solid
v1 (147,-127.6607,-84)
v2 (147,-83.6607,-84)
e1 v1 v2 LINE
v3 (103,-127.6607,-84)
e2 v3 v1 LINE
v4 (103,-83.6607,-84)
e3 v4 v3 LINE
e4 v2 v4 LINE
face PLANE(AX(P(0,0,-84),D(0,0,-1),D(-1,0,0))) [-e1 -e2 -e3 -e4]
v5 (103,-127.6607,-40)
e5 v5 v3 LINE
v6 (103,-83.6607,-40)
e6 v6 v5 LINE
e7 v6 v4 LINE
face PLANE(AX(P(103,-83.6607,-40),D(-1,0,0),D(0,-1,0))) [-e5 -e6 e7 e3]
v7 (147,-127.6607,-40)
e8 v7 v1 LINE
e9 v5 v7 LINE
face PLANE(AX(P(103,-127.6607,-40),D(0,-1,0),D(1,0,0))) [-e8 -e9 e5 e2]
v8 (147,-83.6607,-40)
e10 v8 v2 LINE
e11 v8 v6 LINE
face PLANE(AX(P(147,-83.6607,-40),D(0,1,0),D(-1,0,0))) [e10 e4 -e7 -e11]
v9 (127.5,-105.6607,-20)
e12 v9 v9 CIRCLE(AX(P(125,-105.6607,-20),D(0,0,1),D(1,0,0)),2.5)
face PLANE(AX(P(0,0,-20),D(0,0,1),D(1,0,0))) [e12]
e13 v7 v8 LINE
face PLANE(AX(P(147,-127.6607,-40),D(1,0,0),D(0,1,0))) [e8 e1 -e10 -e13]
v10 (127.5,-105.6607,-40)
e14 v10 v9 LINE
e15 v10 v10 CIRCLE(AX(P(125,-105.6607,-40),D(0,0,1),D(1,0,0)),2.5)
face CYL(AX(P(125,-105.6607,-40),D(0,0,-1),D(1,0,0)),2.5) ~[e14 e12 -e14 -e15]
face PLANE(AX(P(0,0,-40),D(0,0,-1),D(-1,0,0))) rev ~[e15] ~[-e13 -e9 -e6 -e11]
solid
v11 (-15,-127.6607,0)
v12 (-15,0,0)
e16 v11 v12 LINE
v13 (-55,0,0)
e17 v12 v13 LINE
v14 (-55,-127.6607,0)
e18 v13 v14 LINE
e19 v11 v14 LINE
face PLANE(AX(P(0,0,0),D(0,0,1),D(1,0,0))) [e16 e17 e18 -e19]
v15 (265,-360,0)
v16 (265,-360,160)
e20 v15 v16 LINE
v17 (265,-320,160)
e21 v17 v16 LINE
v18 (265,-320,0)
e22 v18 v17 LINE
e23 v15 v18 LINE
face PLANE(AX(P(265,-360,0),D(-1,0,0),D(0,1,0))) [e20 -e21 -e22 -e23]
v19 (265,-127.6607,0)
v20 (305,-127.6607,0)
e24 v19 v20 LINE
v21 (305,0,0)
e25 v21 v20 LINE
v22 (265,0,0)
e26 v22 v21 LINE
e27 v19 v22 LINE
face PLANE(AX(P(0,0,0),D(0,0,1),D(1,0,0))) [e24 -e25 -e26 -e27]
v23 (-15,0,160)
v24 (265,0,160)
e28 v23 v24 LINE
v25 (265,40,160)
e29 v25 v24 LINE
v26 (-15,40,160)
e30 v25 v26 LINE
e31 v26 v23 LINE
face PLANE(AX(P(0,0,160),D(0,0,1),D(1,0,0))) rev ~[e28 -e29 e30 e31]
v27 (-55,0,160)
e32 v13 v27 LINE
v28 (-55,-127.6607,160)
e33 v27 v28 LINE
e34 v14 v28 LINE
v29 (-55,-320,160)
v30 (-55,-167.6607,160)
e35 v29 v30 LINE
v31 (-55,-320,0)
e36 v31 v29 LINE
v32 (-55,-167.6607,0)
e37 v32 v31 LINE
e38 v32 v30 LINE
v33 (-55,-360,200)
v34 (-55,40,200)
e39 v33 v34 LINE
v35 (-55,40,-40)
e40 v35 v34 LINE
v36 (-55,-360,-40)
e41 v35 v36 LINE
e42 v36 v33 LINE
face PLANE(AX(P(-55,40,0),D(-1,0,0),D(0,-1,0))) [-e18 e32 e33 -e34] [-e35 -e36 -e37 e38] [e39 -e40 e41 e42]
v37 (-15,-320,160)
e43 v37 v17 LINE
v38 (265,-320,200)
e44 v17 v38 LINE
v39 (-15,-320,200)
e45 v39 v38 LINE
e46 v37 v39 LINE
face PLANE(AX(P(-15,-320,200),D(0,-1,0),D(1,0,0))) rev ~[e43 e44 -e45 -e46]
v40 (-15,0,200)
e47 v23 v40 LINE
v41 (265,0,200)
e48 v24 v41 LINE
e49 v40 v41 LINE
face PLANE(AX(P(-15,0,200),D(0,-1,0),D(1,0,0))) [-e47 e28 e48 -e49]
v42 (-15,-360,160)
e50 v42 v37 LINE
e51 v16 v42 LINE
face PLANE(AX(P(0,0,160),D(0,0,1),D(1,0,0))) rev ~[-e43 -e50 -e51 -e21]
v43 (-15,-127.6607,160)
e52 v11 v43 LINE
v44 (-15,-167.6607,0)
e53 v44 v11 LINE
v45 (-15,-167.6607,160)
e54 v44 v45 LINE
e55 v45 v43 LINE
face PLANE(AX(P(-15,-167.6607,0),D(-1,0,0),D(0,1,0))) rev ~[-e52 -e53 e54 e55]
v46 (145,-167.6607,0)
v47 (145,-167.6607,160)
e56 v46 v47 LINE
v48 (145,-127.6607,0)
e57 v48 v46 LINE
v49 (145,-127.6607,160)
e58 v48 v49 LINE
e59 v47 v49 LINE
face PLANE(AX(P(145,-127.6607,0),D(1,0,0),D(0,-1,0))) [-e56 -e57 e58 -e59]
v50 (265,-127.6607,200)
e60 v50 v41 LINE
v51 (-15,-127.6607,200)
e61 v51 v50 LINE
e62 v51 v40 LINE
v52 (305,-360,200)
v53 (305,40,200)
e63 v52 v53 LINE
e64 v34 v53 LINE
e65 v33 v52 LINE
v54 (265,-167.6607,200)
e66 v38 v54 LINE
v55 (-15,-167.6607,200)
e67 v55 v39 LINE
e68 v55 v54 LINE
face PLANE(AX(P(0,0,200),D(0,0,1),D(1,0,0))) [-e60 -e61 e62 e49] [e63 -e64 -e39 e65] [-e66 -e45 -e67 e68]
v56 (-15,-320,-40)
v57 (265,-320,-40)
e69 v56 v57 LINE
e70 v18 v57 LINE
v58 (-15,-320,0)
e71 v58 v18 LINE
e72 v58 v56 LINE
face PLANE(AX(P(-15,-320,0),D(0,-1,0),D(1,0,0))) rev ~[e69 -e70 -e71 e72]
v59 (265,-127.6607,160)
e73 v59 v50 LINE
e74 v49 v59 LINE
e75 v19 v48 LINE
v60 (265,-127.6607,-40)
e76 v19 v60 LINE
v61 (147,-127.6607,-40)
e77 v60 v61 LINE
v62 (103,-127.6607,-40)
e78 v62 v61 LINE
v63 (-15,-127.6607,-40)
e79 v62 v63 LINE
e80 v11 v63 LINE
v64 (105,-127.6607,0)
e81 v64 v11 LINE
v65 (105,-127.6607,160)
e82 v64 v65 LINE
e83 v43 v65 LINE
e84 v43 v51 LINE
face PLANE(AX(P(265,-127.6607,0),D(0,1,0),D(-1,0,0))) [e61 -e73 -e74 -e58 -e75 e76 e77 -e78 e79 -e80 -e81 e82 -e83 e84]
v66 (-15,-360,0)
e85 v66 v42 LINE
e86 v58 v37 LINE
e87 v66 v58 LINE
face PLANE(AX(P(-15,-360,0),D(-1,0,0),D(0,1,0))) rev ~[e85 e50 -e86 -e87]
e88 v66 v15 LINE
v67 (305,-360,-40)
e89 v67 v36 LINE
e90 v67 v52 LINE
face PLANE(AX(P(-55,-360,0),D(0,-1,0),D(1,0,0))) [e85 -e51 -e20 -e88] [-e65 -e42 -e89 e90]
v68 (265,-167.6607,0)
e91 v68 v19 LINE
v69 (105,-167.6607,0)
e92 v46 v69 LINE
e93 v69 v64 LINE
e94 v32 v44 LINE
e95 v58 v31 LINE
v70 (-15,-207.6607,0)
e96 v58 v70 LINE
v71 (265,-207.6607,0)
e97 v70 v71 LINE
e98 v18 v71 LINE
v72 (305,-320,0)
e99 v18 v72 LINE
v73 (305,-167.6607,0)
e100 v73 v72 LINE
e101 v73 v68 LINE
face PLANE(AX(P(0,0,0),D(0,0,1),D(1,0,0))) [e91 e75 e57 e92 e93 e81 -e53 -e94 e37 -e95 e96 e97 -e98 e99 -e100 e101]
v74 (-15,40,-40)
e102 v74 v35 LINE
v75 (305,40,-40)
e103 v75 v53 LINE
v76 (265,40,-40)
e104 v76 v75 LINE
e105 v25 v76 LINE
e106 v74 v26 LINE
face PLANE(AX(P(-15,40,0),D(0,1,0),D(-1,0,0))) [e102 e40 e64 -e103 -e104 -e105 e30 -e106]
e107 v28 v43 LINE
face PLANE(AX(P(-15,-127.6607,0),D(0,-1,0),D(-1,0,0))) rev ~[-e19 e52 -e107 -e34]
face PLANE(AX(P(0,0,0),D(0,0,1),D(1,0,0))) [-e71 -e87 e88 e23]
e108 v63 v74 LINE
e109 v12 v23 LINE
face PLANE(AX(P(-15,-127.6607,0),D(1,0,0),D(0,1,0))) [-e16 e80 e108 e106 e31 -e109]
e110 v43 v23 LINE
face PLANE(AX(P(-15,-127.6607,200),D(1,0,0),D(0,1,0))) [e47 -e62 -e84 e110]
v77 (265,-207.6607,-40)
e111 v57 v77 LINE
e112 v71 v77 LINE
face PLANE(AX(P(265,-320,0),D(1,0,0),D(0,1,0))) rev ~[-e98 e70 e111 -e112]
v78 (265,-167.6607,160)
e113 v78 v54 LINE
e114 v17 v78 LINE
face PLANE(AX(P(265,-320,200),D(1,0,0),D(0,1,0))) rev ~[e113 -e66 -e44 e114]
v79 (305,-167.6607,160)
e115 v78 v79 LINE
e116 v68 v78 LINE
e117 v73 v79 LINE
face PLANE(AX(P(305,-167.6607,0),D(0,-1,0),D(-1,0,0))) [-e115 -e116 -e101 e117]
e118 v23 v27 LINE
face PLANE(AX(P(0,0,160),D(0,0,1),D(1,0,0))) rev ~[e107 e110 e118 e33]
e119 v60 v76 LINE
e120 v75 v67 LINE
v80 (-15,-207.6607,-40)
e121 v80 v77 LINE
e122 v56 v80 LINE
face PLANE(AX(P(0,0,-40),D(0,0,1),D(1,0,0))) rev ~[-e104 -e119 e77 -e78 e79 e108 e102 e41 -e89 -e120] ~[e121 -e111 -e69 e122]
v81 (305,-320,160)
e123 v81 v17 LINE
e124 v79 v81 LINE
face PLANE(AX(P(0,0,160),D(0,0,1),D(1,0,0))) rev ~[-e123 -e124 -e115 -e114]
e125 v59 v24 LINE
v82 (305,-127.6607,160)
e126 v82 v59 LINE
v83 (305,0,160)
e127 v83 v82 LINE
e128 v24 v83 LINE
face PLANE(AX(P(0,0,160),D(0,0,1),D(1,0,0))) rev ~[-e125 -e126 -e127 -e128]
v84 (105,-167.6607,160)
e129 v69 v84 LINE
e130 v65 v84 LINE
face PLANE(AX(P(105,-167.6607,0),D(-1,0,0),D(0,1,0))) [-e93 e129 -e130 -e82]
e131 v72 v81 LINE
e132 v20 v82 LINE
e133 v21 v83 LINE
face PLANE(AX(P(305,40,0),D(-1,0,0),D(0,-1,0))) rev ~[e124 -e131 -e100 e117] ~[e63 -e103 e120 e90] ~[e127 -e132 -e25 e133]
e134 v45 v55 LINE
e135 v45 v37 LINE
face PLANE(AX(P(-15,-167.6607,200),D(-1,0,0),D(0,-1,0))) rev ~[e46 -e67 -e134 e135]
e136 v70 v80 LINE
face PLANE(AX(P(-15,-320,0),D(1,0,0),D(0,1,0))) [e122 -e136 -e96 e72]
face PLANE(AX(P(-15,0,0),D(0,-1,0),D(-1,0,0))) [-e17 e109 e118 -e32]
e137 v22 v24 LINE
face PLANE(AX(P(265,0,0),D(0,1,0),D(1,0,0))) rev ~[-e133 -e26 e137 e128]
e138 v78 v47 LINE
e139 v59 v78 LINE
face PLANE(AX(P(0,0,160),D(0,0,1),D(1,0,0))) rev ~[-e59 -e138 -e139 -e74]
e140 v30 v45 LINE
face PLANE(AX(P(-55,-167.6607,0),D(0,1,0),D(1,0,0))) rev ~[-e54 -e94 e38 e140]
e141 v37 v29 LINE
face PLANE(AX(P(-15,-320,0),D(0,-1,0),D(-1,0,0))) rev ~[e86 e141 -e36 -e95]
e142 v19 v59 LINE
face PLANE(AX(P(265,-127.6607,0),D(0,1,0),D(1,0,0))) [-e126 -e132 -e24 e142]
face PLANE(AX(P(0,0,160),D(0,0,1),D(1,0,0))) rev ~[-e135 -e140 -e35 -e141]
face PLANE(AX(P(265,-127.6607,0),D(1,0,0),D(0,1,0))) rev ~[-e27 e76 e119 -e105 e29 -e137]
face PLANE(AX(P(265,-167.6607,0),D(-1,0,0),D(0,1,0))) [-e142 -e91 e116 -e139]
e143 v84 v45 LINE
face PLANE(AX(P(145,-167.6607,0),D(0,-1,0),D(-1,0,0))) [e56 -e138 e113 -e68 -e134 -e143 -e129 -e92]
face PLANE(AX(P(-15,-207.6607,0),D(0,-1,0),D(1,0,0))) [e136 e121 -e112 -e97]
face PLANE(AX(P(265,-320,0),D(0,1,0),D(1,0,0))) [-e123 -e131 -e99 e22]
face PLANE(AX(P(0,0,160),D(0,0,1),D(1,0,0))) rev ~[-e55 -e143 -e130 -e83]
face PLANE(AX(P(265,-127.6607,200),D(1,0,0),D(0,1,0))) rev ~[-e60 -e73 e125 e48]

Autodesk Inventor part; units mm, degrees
ref_plane "YZ Plane" through (0, 0, 0) normal (1, 0, 0) x (0, 1, 0)
ref_plane "XZ Plane" through (0, 0, 0) normal (0, 1, 0) x (-1, 0, 0)
ref_plane "XY Plane" through (0, 0, 0) normal (0, 0, 1) x (1, 0, 0)
sketch "Sketch1" plane through (0, 0, 0) normal (0, 0, 1) x (1, 0, 0)
  line L0 (250, 0) -> (0, 0) projected
  line L1 (250, 0) -> (250, 40) projected
  line L2 (211.5, 40) -> (250, 40) projected
  line L3 (161.5, 40) -> (211.5, 40) projected
  line L4 (88.5, 40) -> (161.5, 40) projected
  line L5 (38.5, 40) -> (88.5, 40) projected
  line L6 (0, 40) -> (38.5, 40) projected
  line L7 (0, 0) -> (0, 40) projected
  line L8 (-15, 40) -> (-55, 40)
  line L9 (-55, 40) -> (-55, -360)
  line L10 (-55, -360) -> (-15, -360)
  line L11 (-15, -360) -> (-15, 40)
  line L12 (265, 40) -> (305, 40)
  line L13 (305, 40) -> (305, -360)
  line L14 (305, -360) -> (265, -360)
  line L15 (265, -360) -> (265, 40)
  line L16 (265, -360) -> (-15, -360)
  line L17 (-15, -360) -> (-15, -320)
  line L18 (-15, -320) -> (265, -320)
  line L19 (265, -320) -> (265, -360)
  line L20 (265, -127.6607) -> (-15, -127.6607)
  line L21 (-15, -127.6607) -> (-15, -207.6607)
  line L22 (-15, -207.6607) -> (265, -207.6607)
  line L23 (265, -207.6607) -> (265, -127.6607)
  dimension "d0" = 40
  dimension "d1" = 400
  dimension "d2" = 40
  dimension "d3" = 400
  dimension "d4" = 15
  dimension "d5" = 15
  dimension "d6" = 40
  dimension "d9" = 80
extrude "Extrusion1" add sketch "Sketch1" against normal blind 40 contours L11 L10 L9 L8 | L20 L15 L22 L11 | L15 L12 L13 L14 | L11 L18 L15 L16
sketch "Sketch2" plane through (0, 0, -40) normal (0, 0, -1) x (-1, 0, 0)
  line L0 (-265, -207.6607) -> (15, -207.6607) projected
  line L1 (15, -207.6607) -> (15, -320) projected
  line L2 (15, -320) -> (-265, -320) projected
  line L3 (-265, -320) -> (-265, -207.6607) projected
  line L4 (-265, -127.6607) -> (-265, 40) projected
  line L5 (-265, 40) -> (-305, 40) projected
  line L6 (-305, 40) -> (-305, -360) projected
  line L7 (-305, -360) -> (55, -360) projected
  line L8 (55, -360) -> (55, 40) projected
  line L9 (55, 40) -> (15, 40) projected
  line L10 (15, 40) -> (15, -127.6607) projected
  line L11 (15, -127.6607) -> (-265, -127.6607) projected
  line L12 (-103, -127.6607) -> (-147, -127.6607)
  line L13 (-147, -127.6607) -> (-147, -83.6607)
  line L14 (-147, -83.6607) -> (-103, -83.6607)
  line L15 (-103, -83.6607) -> (-103, -127.6607)
  point P0 (0, 0)
  dimension "d10" = 44
  dimension "d11" = 44
  dimension "d12" = 118
  dimension "d13" = 118
extrude "Extrusion2" add sketch "Sketch2" along normal blind 44 contours L13 L14 L15 L11
sketch "Sketch3" plane through (0, 0, -40) normal (0, 0, 1) x (1, 0, 0)
  line L0 (103, -127.6607) -> (103, -83.6607) projected
  line L1 (103, -127.6607) -> (147, -127.6607) projected
  line L2 (147, -83.6607) -> (147, -127.6607) projected
  line L3 (103, -83.6607) -> (147, -83.6607) projected
  circle A0 centre (125, -105.6607) radius 2.5
  point P0 (0, 0)
  dimension "d16" = 5
extrude "Extrusion3" add sketch "Sketch3" along normal blind 20 contours A0
sketch "Sketch4" plane through (0, 0, 0) normal (0, 0, 1) x (1, 0, 0)
  line L0 (147, -127.6607) -> (265, -127.6607) projected
  line L1 (103, -127.6607) -> (147, -127.6607) projected
  line L2 (125, -127.6607) -> (125, -147.6607)
  line L3 (105, -127.6607) -> (145, -127.6607)
  line L4 (145, -127.6607) -> (145, -167.6607)
  line L5 (145, -167.6607) -> (105, -167.6607)
  line L6 (105, -167.6607) -> (105, -127.6607)
  line L7 (105, -127.6607) -> (145, -167.6607) construction
  line L8 (145, -127.6607) -> (105, -167.6607) construction
  line L9 (305, -360) -> (-55, -360) projected
  line L10 (-15, -320) -> (265, -320) projected
  line L11 (305, -360) -> (265, -360)
  line L12 (265, -360) -> (265, -320)
  line L13 (265, -320) -> (305, -320)
  line L14 (305, -320) -> (305, -360)
  line L15 (-15, -207.6607) -> (-15, -320) projected
  line L16 (-55, -360) -> (-15, -360)
  line L17 (-15, -360) -> (-15, -320)
  line L18 (-15, -320) -> (-55, -320)
  line L19 (-55, -320) -> (-55, -360)
  line L20 (305, -360) -> (305, 40) projected
  line L21 (265, -127.6607) -> (305, -127.6607)
  line L22 (305, -127.6607) -> (305, -167.6607)
  line L23 (305, -167.6607) -> (265, -167.6607)
  line L24 (265, -167.6607) -> (265, -127.6607)
  line L25 (-15, 40) -> (-15, -127.6607) projected
  line L26 (-55, -360) -> (-55, 40) projected
  line L27 (-15, -127.6607) -> (-55, -127.6607)
  line L28 (-55, -127.6607) -> (-55, -167.6607)
  line L29 (-55, -167.6607) -> (-15, -167.6607)
  line L30 (-15, -167.6607) -> (-15, -127.6607)
  line L31 (305, 40) -> (265, 40)
  line L32 (265, 40) -> (265, 0)
  line L33 (265, 0) -> (305, 0)
  line L34 (305, 0) -> (305, 40)
  line L35 (-55, 40) -> (-15, 40)
  line L36 (-15, 40) -> (-15, 0)
  line L37 (-15, 0) -> (-55, 0)
  line L38 (-55, 0) -> (-55, 40)
  point P0 (0, 0)
  dimension "d21" = 20
  dimension "d22" = 40
  dimension "d23" = 40
  dimension "d28" = 40
  dimension "d29" = 40
  dimension "d30" = 40
  dimension "d31" = 40
extrude "Extrusion4" add sketch "Sketch4" along normal blind 200 contours L33 L32 L31 L20 | L26 L27 L30 L29 | L14 L9 L12 L13 | L21 L20 L23 L24 | L4 L5 L6 L1 | L17 L9 L19 L18 | L26 L35 L25 L37
sketch "Sketch5" plane through (0, 0, 200) normal (0, 0, 1) x (1, 0, 0)
  line L0 (265, -167.6607) -> (305, -167.6607) projected
  line L1 (305, -360) -> (305, -320) projected
  line L2 (265, -167.6607) -> (305, -167.6607)
  line L3 (305, -167.6607) -> (305, -320)
  line L4 (305, -320) -> (265, -320)
  line L5 (265, -320) -> (265, -167.6607)
  line L6 (265, -167.6607) -> (145, -167.6607)
  line L7 (145, -167.6607) -> (145, -127.6607)
  line L8 (145, -127.6607) -> (265, -127.6607)
  line L9 (265, -127.6607) -> (265, -167.6607)
  line L10 (105, -167.6607) -> (145, -167.6607) projected
  line L11 (105, -167.6607) -> (-15, -167.6607)
  line L12 (-15, -167.6607) -> (-15, -127.6607)
  line L13 (-15, -127.6607) -> (105, -127.6607)
  line L14 (105, -127.6607) -> (105, -167.6607)
  line L15 (-55, -127.6607) -> (-55, -167.6607) projected
  line L16 (-55, -167.6607) -> (-15, -167.6607)
  line L17 (-15, -167.6607) -> (-15, -320)
  line L18 (-15, -320) -> (-55, -320)
  line L19 (-55, -320) -> (-55, -167.6607)
  line L20 (-15, -320) -> (265, -320)
  line L21 (265, -320) -> (265, -360)
  line L22 (265, -360) -> (-15, -360)
  line L23 (-15, -360) -> (-15, -320)
  line L24 (305, -167.6607) -> (305, -127.6607) projected
  line L25 (265, 40) -> (265, 0) projected
  line L26 (305, -127.6607) -> (265, -127.6607)
  line L27 (265, -127.6607) -> (265, 0)
  line L28 (265, 0) -> (305, 0)
  line L29 (305, 0) -> (305, -127.6607)
  line L30 (265, 40) -> (-15, 40)
  line L31 (-15, 40) -> (-15, 0)
  line L32 (-15, 0) -> (265, 0)
  line L33 (265, 0) -> (265, 40)
  line L34 (-15, 0) -> (-55, 0)
  line L35 (-55, 0) -> (-55, -127.6607)
  line L36 (-55, -127.6607) -> (-15, -127.6607)
  line L37 (-15, -127.6607) -> (-15, 0)
  point P0 (0, 0)
extrude "Extrusion5" add sketch "Sketch5" against normal blind 40 contours L0 L3 L4 L5 | L6 L7 L8 L9 | L21 L22 L23 L20 | L27 L28 L29 L26 | L18 L19 L16 L17 | L11 L12 L13 L14 | L32 L31 L30 L25 | L37 L36 L35 L34
properties part number "BSF_OuterFrame"
